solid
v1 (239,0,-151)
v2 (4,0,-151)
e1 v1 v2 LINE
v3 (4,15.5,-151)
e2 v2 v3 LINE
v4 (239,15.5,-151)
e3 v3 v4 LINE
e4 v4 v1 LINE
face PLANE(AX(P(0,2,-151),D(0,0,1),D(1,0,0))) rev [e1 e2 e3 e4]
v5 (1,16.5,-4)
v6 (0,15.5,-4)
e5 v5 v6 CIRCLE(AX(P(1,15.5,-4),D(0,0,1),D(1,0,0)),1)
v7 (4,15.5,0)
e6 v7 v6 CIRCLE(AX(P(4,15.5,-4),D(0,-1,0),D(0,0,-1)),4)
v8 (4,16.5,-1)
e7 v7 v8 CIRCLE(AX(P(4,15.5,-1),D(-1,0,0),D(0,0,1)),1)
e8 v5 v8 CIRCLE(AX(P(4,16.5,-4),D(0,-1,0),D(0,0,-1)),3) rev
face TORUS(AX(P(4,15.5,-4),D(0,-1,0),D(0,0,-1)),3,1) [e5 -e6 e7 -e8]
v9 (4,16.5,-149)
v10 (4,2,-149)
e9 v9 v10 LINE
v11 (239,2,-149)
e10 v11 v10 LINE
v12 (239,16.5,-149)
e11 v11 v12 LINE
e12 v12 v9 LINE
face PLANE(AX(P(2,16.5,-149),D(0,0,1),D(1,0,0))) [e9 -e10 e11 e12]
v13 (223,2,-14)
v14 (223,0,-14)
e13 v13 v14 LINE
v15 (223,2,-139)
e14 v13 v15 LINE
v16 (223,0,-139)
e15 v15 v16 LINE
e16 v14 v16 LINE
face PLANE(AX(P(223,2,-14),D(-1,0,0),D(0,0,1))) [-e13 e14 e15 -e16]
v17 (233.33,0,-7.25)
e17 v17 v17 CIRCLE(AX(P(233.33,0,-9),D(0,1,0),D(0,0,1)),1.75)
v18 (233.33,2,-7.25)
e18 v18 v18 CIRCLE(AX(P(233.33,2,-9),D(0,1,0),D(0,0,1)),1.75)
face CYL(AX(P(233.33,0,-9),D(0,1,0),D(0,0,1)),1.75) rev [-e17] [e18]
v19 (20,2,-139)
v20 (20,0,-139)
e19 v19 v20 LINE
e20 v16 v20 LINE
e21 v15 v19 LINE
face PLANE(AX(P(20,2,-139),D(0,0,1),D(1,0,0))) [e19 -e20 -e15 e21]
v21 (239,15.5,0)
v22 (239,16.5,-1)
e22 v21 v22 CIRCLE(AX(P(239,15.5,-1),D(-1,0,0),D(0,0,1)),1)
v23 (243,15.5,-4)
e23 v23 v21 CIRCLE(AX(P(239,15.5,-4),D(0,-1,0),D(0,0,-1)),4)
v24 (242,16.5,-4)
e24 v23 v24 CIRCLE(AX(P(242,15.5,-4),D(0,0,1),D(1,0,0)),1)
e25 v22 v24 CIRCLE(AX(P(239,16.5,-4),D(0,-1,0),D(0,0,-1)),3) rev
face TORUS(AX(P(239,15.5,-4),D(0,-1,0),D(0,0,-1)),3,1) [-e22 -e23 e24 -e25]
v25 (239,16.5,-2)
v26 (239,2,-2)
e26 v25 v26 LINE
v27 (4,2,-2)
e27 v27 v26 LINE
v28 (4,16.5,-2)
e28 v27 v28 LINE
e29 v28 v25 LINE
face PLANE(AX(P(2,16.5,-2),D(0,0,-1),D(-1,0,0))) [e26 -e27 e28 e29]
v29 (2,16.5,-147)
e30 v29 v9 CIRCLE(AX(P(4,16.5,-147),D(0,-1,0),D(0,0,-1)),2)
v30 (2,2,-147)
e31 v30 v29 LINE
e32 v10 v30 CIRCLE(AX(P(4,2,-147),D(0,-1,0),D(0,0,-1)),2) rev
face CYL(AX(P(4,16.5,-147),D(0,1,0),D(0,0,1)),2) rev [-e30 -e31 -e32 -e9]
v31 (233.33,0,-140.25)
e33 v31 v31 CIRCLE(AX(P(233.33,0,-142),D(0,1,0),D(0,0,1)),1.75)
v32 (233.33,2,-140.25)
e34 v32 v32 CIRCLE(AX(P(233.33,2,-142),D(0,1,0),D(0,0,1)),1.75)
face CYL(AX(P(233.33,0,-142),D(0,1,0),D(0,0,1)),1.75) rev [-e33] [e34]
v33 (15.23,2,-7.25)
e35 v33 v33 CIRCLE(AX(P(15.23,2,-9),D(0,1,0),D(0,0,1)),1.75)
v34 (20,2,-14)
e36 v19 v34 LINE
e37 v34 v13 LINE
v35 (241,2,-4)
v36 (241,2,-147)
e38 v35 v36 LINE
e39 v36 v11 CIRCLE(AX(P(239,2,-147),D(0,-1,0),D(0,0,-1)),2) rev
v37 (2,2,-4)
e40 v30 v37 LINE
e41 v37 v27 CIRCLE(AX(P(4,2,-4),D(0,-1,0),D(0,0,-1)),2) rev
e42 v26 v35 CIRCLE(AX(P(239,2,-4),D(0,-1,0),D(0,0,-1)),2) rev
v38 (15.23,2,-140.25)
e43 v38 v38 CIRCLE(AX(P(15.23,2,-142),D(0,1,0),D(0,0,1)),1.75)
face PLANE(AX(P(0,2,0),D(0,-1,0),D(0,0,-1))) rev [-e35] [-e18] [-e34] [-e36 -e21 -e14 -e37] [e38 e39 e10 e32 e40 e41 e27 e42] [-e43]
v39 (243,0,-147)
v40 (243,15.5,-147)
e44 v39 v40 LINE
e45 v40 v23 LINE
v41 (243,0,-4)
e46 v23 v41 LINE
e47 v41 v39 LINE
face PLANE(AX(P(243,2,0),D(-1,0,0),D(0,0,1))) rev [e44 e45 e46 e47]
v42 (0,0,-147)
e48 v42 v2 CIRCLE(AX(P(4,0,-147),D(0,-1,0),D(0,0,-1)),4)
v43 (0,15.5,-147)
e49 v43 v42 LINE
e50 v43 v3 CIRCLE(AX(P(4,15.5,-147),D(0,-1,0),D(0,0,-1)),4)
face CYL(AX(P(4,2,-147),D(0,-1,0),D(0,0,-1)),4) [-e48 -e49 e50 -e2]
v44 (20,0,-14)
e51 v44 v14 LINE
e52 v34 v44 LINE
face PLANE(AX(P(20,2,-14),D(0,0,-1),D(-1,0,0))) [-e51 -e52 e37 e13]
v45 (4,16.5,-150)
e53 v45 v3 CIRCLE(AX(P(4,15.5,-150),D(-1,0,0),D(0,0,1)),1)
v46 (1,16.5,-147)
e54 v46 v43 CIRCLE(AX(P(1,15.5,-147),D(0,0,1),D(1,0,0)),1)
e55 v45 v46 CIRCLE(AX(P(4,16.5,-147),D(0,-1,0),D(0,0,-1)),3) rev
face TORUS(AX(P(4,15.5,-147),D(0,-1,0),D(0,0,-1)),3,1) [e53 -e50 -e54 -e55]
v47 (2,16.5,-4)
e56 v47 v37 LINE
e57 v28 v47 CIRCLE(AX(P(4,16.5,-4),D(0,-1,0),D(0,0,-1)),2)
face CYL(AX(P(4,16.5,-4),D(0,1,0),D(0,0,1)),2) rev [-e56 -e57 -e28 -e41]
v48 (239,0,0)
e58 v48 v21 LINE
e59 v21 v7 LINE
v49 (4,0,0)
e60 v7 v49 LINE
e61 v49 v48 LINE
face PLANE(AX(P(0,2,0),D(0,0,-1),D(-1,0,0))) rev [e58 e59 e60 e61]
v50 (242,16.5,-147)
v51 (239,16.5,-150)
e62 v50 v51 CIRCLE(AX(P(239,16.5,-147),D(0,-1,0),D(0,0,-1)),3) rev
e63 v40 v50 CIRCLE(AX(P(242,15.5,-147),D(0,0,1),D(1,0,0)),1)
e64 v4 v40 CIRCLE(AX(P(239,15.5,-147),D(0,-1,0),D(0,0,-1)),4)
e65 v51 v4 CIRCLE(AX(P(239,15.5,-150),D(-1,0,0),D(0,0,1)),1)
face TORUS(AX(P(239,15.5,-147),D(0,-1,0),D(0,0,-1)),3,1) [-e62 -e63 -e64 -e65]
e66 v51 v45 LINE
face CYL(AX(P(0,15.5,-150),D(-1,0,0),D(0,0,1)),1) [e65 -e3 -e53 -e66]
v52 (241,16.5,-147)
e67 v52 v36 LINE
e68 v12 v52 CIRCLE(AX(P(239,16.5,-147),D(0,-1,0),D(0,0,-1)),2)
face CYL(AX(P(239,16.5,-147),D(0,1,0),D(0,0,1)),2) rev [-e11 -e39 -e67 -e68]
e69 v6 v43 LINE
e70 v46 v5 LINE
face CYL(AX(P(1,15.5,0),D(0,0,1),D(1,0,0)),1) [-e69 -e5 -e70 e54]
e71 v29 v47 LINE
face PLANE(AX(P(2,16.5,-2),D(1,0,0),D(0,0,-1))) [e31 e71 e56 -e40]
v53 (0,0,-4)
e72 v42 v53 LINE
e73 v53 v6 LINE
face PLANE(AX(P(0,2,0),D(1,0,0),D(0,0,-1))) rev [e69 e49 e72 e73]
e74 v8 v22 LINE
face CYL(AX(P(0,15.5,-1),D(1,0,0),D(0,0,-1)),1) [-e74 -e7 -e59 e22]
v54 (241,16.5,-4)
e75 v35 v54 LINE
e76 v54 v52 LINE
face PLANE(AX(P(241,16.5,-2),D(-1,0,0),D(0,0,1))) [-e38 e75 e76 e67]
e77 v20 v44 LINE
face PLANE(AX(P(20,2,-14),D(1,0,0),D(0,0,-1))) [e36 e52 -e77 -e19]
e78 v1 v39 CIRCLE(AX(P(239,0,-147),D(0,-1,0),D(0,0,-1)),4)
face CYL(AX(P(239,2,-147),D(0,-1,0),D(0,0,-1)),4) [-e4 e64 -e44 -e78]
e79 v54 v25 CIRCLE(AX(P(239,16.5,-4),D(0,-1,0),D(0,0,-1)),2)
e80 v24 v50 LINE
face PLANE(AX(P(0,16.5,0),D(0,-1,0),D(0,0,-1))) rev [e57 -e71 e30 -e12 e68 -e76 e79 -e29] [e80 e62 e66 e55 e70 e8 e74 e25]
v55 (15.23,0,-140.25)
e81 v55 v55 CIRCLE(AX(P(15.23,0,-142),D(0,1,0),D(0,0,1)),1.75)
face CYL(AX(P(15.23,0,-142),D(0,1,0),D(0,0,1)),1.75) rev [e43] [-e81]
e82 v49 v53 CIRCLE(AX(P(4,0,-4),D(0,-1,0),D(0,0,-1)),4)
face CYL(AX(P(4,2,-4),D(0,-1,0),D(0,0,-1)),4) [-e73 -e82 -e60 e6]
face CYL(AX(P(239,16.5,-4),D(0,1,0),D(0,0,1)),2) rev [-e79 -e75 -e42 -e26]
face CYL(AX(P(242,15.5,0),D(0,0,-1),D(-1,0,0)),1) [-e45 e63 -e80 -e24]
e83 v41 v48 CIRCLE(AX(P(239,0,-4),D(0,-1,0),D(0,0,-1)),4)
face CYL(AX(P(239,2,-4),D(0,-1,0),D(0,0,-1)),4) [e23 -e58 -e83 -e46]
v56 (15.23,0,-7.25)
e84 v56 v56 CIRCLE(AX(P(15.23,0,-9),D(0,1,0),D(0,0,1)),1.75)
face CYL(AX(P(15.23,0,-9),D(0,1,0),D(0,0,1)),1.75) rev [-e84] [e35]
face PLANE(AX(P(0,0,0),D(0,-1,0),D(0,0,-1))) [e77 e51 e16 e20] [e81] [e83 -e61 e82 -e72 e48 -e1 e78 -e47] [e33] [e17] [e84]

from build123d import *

# Parameters (mm, degrees)
SKIZZE1_W                       = 243
SKIZZE1_H                       = 151
SKIZZE1_W_2                     = 203
SKIZZE1_H_2                     = 125
AUFSATZ_LINEAR_AUSTRAGEN1_DEPTH = 2
SKIZZE2_W                       = 243
SKIZZE2_H                       = 151
SKIZZE2_W_2                     = 239
SKIZZE2_H_2                     = 147
AUFSATZ_LINEAR_AUSTRAGEN2_DEPTH = 14.5
SKIZZE3_R                       = 1.75
SCHNITT_LINEAR_AUSTRAGEN1_DEPTH = 287.461603012
VERRUNDUNG1_R                   = 2
VERRUNDUNG2_R                   = 4
VERRUNDUNG3_R                   = 1


with BuildPart() as part:
    # Skizze1 → Aufsatz-Linear austragen1 (new body)
    with BuildSketch(Plane(origin=(0, 0, 0), x_dir=(1, 0, 0), z_dir=(0, 1, 0))):
        with Locations((121.5, 75.5)):
            Rectangle(SKIZZE1_W, SKIZZE1_H)
        with Locations((121.5, 76.5)):
            Rectangle(SKIZZE1_W_2, SKIZZE1_H_2, mode=Mode.SUBTRACT)
    extrude(amount=AUFSATZ_LINEAR_AUSTRAGEN1_DEPTH)

    # Skizze2 → Aufsatz-Linear austragen2 (add)
    with BuildSketch(Plane(origin=(0, 2, 0), x_dir=(1, 0, 0), z_dir=(0, 1, 0))):
        with Locations((121.5, 75.5)):
            Rectangle(SKIZZE2_W, SKIZZE2_H)
        with Locations((121.5, 75.5)):
            Rectangle(SKIZZE2_W_2, SKIZZE2_H_2, mode=Mode.SUBTRACT)
    extrude(amount=AUFSATZ_LINEAR_AUSTRAGEN2_DEPTH)

    # Skizze3 → Schnitt-Linear austragen1 (cut, through all)
    with BuildSketch(Plane(origin=(0, 2, 0), x_dir=(1, 0, 0), z_dir=(0, 1, 0))):
        with Locations(Location((15.23, 142, 0), (0, 0, 270))):
            Circle(SKIZZE3_R)
        with Locations(Location((233.33, 142, 0), (0, 0, 270))):
            Circle(SKIZZE3_R)
        with Locations(Location((15.23, 9, 0), (0, 0, 270))):
            Circle(SKIZZE3_R)
        with Locations(Location((233.33, 9, 0), (0, 0, 270))):
            Circle(SKIZZE3_R)
    extrude(amount=-SCHNITT_LINEAR_AUSTRAGEN1_DEPTH, mode=Mode.SUBTRACT)

    # Verrundung1
    verrundung1_edges = [part.edges().sort_by_distance(p)[0] for p in [
        (2, 9.25, -2),
        (241, 9.25, -2),
        (241, 9.25, -149),
        (2, 9.25, -149),
    ]]
    fillet(verrundung1_edges, radius=VERRUNDUNG1_R)

    # Verrundung2
    verrundung2_edges = [part.edges().sort_by_distance(p)[0] for p in [
        (0, 8.25, -151),
        (243, 8.25, -151),
        (243, 8.25, 0),
        (0, 8.25, 0),
    ]]
    fillet(verrundung2_edges, radius=VERRUNDUNG2_R)

    # Verrundung3
    verrundung3_edges = [part.edges().sort_by_distance(p)[0] for p in [
        (121.5, 16.5, -151),
        (121.5, 16.5, 0),
        (243, 16.5, -75.5),
        (1.171572875, 16.5, -1.171572875),
        (241.828427125, 16.5, -1.171572875),
        (241.828427125, 16.5, -149.828427125),
        (1.171572875, 16.5, -149.828427125),
        (0, 16.5, -75.5),
    ]]
    fillet(verrundung3_edges, radius=VERRUNDUNG3_R)


solid = part.part
